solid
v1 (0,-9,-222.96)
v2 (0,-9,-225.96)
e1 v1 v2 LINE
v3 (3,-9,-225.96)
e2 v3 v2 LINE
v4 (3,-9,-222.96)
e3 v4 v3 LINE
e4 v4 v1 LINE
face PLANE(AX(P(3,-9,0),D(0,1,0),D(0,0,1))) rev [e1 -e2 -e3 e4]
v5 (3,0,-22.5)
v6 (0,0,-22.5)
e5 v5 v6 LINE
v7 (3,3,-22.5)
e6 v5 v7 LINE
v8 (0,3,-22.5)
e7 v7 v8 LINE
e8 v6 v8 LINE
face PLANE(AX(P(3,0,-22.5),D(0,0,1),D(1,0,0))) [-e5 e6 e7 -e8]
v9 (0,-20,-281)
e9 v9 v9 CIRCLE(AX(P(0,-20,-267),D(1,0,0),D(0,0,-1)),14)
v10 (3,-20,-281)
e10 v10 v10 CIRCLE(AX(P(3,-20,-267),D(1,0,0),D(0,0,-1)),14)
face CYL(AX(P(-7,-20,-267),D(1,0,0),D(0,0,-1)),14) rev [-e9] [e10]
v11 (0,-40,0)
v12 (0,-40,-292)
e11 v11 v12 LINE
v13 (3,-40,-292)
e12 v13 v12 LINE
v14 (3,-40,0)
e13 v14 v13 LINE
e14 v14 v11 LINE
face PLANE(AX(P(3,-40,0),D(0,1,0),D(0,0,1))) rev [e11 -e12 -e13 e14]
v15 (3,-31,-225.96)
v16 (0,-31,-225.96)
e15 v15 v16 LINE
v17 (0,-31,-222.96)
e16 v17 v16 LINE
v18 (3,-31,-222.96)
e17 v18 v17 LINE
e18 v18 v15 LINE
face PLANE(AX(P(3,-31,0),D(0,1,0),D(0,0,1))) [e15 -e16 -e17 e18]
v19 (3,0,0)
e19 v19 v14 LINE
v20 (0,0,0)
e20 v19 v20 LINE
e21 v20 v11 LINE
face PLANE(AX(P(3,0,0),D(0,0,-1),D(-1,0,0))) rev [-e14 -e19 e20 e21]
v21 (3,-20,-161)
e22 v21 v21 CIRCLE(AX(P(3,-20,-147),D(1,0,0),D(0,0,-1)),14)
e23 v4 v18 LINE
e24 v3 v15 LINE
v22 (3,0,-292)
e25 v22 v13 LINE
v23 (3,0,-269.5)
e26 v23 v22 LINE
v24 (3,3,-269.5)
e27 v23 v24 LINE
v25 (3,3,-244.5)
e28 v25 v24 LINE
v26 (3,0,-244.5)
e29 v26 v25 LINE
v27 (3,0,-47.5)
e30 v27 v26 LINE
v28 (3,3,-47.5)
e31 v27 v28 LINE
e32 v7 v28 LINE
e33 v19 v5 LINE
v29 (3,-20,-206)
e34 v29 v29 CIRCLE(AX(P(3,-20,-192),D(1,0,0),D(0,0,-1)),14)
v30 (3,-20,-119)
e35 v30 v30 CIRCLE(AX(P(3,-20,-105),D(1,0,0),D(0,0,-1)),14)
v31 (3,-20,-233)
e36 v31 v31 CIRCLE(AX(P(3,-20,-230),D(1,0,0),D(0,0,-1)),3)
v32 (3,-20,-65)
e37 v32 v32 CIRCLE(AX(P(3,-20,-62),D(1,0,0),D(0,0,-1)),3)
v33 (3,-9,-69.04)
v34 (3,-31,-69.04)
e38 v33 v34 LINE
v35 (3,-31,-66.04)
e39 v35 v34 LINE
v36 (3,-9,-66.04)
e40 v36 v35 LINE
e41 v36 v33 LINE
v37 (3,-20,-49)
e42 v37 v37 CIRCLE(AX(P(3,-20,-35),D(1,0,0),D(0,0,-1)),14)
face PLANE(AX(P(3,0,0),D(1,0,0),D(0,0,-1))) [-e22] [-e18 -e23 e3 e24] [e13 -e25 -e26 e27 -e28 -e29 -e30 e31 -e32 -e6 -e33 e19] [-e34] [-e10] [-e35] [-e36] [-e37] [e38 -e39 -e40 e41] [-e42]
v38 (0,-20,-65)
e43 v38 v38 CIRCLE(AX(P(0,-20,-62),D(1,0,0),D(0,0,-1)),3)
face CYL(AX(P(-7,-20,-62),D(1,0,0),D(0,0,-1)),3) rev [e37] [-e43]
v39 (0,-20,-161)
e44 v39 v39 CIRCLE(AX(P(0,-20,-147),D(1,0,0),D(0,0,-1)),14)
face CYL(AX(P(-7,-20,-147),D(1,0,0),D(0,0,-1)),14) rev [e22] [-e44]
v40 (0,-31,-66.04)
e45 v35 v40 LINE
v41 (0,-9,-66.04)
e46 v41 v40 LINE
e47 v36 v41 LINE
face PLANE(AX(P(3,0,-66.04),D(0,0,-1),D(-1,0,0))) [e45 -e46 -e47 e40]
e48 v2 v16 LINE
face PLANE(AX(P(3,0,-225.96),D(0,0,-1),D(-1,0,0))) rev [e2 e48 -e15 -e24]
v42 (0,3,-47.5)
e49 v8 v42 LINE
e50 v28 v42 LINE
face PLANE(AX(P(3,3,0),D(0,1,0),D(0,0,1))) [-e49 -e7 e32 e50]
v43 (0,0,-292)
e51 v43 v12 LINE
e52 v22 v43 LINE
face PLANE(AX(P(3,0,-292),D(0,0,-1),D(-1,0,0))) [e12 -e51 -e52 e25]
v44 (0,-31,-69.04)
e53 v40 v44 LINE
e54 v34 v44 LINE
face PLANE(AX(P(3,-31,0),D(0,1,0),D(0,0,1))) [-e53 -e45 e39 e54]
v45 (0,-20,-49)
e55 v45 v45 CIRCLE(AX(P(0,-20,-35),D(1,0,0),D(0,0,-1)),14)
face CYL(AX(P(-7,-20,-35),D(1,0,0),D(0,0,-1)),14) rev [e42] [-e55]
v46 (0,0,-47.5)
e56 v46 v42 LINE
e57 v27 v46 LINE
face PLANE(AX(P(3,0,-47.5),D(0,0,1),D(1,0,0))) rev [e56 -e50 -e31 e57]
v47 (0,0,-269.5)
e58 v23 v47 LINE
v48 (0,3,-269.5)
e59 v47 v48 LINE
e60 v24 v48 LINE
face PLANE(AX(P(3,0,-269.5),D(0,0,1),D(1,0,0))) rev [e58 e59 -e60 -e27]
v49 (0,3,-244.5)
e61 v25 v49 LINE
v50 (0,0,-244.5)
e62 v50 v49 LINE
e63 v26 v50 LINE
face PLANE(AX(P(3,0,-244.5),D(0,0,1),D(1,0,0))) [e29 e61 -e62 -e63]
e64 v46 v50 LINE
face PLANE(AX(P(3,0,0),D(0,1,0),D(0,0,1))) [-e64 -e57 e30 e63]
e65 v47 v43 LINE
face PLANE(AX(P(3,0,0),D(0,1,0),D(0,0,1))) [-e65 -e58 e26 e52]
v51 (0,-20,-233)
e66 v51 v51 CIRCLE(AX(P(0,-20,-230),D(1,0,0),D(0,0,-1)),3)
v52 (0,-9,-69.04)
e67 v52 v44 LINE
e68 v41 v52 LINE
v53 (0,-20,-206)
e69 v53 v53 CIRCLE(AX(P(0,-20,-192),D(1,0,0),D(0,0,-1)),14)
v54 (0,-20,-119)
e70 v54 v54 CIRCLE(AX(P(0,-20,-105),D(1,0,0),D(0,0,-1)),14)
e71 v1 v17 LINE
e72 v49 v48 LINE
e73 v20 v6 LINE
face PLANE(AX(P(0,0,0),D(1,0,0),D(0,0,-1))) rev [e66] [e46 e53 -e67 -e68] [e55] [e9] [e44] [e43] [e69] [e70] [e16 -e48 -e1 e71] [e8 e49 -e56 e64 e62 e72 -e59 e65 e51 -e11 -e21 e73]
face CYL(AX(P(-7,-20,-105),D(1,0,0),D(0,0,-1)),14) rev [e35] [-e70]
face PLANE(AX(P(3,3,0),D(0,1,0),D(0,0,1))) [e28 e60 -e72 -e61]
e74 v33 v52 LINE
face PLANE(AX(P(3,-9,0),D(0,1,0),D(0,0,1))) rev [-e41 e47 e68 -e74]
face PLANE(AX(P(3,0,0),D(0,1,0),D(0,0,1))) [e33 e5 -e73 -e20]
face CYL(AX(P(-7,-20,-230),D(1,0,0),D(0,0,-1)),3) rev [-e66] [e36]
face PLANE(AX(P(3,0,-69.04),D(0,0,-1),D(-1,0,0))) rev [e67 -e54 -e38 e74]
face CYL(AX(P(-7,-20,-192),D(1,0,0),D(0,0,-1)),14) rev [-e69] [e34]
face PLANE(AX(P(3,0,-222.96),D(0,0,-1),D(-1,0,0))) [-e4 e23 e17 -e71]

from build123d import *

# Parameters (mm, degrees)
SKETCH3_W           = 292
SKETCH3_H           = 40
SKETCH3_W_2         = 3
SKETCH3_H_2         = 22
SKETCH3_W_3         = 25
SKETCH3_H_3         = 3
BOSS_EXTRUDE2_DEPTH = 3
SKETCH5_R           = 14
CUT_EXTRUDE1_DEPTH  = 10
SKETCH6_R           = 3
CUT_EXTRUDE2_DEPTH  = 10


with BuildPart() as part:
    # Sketch3 → Boss-Extrude2 (new body)
    with BuildSketch(Plane(origin=(0, 0, 0), x_dir=(0, 0, -1), z_dir=(1, 0, 0))):
        with Locations((146, -20)):
            Rectangle(SKETCH3_W, SKETCH3_H)
        with Locations((67.54, -20)):
            Rectangle(SKETCH3_W_2, SKETCH3_H_2, mode=Mode.SUBTRACT)
        with Locations((224.46, -20)):
            Rectangle(SKETCH3_W_2, SKETCH3_H_2, mode=Mode.SUBTRACT)
        with Locations((35, 1.5)):
            Rectangle(SKETCH3_W_3, SKETCH3_H_3)
        with Locations((257, 1.5)):
            Rectangle(SKETCH3_W_3, SKETCH3_H_3)
    extrude(amount=BOSS_EXTRUDE2_DEPTH)

    # Sketch5 → Cut-Extrude1 (cut)
    with BuildSketch(Plane(origin=(3, 0, 0), x_dir=(0, 0, -1), z_dir=(1, 0, 0))):
        with Locations((35, -20)):
            Circle(SKETCH5_R)
        with Locations((105, -20)):
            Circle(SKETCH5_R)
        with Locations((147, -20)):
            Circle(SKETCH5_R)
        with Locations((192, -20)):
            Circle(SKETCH5_R)
        with Locations((267, -20)):
            Circle(SKETCH5_R)
    extrude(amount=-CUT_EXTRUDE1_DEPTH, mode=Mode.SUBTRACT)

    # Sketch6 → Cut-Extrude2 (cut)
    with BuildSketch(Plane(origin=(3, 0, 0), x_dir=(0, 0, -1), z_dir=(1, 0, 0))):
        with Locations((62, -20)):
            Circle(SKETCH6_R)
        with Locations((230, -20)):
            Circle(SKETCH6_R)
    extrude(amount=-CUT_EXTRUDE2_DEPTH, mode=Mode.SUBTRACT)


solid = part.part
